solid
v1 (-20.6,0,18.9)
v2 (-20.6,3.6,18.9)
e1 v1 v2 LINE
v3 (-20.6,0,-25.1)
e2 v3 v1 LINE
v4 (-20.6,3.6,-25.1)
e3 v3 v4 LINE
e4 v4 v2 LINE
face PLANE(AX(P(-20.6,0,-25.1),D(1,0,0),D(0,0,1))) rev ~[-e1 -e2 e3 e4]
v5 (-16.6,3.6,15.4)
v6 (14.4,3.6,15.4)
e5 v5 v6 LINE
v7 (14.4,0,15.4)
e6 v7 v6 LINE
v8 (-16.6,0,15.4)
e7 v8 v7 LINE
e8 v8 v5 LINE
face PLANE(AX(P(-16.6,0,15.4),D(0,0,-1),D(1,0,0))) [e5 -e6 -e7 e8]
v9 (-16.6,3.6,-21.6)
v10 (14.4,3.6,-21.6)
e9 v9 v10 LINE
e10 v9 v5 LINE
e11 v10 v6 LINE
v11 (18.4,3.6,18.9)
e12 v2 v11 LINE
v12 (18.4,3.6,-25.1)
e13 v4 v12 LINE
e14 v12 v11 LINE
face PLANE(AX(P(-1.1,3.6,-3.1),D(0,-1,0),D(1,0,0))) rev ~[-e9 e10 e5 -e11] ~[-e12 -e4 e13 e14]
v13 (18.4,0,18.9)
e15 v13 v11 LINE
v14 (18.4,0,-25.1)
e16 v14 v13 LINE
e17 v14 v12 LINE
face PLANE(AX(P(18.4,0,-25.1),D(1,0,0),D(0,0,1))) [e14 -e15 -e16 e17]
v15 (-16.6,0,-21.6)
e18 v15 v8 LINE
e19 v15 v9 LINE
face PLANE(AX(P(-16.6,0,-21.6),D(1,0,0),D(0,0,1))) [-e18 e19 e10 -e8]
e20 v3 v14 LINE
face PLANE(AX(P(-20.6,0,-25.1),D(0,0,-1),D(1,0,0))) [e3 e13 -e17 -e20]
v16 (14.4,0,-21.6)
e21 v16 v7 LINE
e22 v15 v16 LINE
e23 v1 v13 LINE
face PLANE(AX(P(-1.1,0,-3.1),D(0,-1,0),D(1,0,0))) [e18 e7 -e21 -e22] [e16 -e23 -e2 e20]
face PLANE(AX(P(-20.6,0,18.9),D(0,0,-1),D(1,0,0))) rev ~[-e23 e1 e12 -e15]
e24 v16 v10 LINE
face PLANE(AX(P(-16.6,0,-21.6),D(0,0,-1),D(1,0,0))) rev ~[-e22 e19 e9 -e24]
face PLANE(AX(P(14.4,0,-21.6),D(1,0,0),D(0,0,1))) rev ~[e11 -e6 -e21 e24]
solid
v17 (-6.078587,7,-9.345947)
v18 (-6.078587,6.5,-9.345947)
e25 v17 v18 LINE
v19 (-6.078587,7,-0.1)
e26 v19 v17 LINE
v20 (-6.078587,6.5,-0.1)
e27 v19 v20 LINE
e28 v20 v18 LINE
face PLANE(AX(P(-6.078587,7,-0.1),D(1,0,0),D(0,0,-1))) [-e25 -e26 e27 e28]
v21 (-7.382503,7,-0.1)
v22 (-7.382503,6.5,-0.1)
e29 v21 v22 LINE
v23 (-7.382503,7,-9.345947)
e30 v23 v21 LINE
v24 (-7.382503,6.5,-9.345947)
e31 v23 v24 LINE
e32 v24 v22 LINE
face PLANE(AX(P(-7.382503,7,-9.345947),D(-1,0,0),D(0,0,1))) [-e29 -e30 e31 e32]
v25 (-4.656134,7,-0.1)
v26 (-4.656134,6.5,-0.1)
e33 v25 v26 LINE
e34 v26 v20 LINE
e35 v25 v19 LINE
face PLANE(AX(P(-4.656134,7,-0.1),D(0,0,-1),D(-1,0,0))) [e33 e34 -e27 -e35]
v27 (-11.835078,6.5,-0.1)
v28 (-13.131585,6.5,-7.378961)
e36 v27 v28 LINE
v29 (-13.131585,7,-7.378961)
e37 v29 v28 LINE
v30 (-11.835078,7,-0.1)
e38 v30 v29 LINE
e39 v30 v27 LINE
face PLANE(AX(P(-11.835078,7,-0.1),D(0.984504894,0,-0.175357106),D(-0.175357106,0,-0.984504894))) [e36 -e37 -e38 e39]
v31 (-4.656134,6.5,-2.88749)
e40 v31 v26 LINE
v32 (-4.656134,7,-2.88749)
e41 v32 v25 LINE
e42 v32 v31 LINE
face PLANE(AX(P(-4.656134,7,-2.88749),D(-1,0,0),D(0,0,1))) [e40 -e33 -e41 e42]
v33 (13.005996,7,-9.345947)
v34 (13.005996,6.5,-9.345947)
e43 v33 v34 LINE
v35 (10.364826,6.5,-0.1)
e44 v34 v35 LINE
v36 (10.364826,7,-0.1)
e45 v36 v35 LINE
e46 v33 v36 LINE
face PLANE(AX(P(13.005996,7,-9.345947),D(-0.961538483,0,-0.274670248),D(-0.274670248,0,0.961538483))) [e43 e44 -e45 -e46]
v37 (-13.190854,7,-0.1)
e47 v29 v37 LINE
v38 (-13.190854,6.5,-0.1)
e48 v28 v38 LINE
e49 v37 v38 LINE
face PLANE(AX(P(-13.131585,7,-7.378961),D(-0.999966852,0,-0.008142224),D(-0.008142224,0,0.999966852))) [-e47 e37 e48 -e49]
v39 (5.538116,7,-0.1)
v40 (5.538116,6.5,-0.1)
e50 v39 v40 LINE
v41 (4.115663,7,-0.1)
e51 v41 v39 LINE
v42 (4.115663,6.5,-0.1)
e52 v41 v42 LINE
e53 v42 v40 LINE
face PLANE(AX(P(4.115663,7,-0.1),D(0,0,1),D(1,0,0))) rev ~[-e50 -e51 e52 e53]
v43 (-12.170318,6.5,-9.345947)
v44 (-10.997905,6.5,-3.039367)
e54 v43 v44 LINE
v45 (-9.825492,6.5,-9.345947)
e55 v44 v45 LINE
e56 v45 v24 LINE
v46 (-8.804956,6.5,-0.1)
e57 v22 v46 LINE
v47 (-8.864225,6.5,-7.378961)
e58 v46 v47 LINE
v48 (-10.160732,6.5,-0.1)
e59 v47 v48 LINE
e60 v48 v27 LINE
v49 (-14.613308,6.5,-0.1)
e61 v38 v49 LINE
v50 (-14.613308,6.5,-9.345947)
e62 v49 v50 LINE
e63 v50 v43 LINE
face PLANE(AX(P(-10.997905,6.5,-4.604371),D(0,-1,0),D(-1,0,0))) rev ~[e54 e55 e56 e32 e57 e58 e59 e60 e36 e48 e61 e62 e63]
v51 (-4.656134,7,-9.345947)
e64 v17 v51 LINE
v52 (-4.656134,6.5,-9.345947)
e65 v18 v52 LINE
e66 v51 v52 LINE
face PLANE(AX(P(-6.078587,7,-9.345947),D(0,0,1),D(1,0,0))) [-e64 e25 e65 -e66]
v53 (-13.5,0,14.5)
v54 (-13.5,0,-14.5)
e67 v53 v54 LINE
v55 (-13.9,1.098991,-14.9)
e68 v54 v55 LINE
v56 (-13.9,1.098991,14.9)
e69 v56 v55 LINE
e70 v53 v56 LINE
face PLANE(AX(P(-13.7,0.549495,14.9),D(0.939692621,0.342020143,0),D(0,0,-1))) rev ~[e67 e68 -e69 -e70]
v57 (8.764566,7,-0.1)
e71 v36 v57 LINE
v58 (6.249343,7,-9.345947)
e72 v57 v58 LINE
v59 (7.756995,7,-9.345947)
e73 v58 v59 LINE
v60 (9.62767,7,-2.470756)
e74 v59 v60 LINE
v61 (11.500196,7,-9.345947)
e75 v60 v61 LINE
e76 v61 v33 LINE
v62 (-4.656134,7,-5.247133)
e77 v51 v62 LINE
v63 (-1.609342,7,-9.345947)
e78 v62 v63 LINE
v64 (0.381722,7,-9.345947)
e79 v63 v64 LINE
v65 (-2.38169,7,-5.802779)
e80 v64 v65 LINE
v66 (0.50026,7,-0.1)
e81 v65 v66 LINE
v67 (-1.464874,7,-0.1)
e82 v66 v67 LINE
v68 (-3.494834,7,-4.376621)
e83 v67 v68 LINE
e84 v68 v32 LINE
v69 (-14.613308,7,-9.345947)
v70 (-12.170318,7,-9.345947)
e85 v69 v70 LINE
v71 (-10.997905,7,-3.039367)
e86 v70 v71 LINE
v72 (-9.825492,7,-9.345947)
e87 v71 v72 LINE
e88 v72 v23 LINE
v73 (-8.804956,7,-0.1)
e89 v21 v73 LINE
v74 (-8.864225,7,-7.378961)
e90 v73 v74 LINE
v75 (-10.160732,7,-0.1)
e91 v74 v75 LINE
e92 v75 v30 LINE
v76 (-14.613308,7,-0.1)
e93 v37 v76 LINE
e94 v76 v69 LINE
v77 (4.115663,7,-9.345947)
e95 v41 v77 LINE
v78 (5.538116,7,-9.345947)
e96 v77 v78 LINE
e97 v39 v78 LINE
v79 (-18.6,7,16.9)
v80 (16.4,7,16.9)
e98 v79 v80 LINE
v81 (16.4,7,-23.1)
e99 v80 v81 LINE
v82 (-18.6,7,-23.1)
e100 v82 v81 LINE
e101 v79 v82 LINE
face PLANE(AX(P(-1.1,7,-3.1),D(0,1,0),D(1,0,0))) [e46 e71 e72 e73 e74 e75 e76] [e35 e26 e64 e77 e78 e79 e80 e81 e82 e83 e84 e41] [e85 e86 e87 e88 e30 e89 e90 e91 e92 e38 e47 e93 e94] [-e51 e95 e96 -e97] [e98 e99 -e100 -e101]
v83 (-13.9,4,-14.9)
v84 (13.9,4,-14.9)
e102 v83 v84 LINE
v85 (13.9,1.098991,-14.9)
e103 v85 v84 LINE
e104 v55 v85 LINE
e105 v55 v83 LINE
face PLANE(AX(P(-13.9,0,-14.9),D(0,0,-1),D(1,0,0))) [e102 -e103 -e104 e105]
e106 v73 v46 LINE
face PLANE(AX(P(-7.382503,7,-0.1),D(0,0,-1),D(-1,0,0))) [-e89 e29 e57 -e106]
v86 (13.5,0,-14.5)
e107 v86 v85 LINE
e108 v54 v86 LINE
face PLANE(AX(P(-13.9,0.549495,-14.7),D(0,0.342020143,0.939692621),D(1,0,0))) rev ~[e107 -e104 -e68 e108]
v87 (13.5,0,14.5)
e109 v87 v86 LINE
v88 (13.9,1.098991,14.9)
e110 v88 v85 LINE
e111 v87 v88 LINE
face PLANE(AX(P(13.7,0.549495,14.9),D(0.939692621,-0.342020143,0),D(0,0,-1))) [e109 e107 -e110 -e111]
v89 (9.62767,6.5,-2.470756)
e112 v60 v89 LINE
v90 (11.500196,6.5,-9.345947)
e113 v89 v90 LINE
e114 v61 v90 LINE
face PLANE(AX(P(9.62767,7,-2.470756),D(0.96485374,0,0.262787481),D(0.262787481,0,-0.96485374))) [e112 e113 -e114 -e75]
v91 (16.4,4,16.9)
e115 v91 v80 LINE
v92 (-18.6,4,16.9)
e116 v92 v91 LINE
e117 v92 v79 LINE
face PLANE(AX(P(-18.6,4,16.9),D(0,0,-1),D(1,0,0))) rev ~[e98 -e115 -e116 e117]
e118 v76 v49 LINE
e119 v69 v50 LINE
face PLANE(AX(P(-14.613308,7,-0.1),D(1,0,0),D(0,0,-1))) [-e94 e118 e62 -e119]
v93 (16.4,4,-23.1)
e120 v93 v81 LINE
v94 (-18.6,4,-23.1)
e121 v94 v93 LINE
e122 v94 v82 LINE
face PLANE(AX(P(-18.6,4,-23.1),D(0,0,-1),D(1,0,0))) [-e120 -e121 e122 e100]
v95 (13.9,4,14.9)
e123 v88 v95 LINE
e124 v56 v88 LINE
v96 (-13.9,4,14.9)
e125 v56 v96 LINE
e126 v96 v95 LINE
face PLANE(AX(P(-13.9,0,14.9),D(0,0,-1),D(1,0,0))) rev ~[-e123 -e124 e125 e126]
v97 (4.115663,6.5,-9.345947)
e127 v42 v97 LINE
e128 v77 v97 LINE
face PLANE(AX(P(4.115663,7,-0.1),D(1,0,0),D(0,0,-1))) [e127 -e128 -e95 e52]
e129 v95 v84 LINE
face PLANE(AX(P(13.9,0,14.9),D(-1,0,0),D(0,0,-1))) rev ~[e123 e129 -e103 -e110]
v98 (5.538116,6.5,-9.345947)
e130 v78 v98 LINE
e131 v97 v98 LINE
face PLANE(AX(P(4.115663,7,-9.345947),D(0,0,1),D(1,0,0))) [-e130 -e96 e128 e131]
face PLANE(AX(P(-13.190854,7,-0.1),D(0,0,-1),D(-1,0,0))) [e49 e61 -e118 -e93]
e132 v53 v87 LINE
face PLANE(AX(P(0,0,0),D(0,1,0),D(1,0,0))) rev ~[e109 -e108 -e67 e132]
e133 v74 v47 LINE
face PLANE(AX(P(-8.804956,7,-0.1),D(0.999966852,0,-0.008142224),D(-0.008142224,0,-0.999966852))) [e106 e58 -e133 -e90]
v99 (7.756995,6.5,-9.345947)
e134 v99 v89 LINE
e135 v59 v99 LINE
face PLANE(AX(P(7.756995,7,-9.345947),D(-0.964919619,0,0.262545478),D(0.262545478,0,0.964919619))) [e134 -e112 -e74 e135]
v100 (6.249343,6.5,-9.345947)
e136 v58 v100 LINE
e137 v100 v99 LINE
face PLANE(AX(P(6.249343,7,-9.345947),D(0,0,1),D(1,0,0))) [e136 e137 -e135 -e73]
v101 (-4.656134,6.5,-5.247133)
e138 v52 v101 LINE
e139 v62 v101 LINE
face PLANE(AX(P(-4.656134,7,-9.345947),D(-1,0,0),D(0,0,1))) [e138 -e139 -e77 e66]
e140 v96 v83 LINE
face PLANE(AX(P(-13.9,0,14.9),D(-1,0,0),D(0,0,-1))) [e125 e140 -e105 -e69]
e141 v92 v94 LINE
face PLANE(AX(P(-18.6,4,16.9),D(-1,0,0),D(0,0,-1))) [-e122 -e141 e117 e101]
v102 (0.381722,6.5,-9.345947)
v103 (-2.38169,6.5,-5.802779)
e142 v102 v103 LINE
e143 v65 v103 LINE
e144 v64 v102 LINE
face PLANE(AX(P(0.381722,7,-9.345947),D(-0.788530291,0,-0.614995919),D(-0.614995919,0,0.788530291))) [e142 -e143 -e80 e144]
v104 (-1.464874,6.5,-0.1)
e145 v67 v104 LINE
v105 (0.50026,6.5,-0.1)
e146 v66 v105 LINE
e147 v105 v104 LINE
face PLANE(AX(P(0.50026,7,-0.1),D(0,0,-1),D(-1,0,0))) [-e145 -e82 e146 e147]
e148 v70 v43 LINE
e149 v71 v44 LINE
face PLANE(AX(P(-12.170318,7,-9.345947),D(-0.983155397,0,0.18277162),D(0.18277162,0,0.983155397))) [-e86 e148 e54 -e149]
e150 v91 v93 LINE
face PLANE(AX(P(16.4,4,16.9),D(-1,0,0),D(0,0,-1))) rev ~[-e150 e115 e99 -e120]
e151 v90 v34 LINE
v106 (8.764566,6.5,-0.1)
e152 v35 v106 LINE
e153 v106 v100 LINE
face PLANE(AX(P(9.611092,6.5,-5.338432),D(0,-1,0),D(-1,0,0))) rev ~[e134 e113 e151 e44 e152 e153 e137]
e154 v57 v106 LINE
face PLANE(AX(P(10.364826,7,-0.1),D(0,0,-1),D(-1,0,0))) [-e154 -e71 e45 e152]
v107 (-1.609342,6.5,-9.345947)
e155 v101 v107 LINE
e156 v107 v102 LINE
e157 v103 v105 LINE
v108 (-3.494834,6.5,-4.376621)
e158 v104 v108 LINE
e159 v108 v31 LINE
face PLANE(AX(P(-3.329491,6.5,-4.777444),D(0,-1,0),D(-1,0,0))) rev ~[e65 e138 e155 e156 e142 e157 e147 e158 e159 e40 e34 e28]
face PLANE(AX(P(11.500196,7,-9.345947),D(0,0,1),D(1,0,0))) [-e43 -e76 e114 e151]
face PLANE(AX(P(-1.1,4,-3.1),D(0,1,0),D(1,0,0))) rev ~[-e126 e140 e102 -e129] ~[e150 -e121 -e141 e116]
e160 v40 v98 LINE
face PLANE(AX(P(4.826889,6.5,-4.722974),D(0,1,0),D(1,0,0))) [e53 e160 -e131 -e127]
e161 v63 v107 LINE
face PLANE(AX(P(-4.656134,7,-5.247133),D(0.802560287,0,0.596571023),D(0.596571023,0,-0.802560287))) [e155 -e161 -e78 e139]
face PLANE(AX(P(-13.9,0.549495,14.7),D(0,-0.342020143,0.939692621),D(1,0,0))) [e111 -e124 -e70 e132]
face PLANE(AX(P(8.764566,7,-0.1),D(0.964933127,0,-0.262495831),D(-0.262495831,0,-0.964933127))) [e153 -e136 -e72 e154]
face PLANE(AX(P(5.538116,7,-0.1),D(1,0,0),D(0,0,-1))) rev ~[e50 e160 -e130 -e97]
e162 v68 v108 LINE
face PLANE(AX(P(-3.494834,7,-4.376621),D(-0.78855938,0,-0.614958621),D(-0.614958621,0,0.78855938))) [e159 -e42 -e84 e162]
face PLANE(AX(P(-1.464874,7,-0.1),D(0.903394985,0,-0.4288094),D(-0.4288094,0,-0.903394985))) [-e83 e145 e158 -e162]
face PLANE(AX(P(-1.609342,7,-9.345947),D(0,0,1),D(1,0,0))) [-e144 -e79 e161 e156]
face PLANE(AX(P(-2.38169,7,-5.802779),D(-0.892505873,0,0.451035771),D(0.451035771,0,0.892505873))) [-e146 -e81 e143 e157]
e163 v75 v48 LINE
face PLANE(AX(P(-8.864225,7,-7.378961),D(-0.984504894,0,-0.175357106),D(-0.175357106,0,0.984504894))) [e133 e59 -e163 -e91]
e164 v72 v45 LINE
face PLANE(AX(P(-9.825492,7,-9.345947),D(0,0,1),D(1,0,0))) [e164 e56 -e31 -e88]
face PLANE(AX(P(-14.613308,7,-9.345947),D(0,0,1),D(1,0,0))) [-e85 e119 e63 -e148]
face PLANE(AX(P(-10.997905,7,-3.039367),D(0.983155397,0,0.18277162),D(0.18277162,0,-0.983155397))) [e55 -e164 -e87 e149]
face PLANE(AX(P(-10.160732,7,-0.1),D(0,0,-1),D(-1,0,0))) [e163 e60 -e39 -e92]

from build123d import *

# Parameters (mm, degrees)
SKETCH1_W           = 27.8
SKETCH1_H           = 29.8
BOSS_EXTRUDE1_DEPTH = 4
SKETCH2_W           = 35
SKETCH2_H           = 40
BOSS_EXTRUDE2_DEPTH = 3
CHAMFER1_SIZE       = 0.4
CHAMFER1_SIZE2      = 1.098990968
SKETCH4_W           = 39
SKETCH4_H           = 44
SKETCH4_W_2         = 31
SKETCH4_H_2         = 37
BOSS_EXTRUDE4_DEPTH = 3.6
SKETCH3_W           = 1.422453426
SKETCH3_H           = 9.245947266
CUT_EXTRUDE1_DEPTH  = 0.5


with BuildPart() as part:
    # Sketch1 → Boss-Extrude1 (new body)
    with BuildSketch(Plane(origin=(0, 0, 0), x_dir=(1, 0, 0), z_dir=(0, 1, 0))):
        Rectangle(SKETCH1_W, SKETCH1_H)
    extrude(amount=BOSS_EXTRUDE1_DEPTH)

    # Sketch2 → Boss-Extrude2 (add)
    with BuildSketch(Plane(origin=(0, 4, 0), x_dir=(1, 0, 0), z_dir=(0, 1, 0))):
        with Locations((-1.1, 3.1)):
            Rectangle(SKETCH2_W, SKETCH2_H)
    extrude(amount=BOSS_EXTRUDE2_DEPTH)

    # Chamfer1
    chamfer1_edges = [part.edges().sort_by_distance(p)[0] for p in [
        (0, 0, -14.9),
        (13.9, 0, 0),
        (0, 0, 14.9),
        (-13.9, 0, 0),
    ]]
    chamfer1_side = [part.faces().sort_by_distance(p)[0] for p in [
        (0, 0, 0),
    ]]
    chamfer(chamfer1_edges, length=CHAMFER1_SIZE, length2=CHAMFER1_SIZE2, reference=chamfer1_side[0])

    # Sketch3 → Cut-Extrude1 (cut)
    with BuildSketch(Plane(origin=(0, 7, 0), x_dir=(1, 0, 0), z_dir=(0, 1, 0))):
        Polygon((-14.613307542, 0.1), (-14.613307542, 9.345947266), (-12.17031787, 9.345947266), (-10.997905086, 3.039366649), (-9.825492301, 9.345947266), (-7.382502629, 9.345947266), (-7.382502629, 0.1), (-8.804956055, 0.1), (-8.864224947, 7.378960888), (-10.160731976, 0.1), (-11.835078195, 0.1), (-13.131585224, 7.378960888), (-13.190854117, 0.1), align=None)
        Polygon((-6.078586989, 0.1), (-6.078586989, 9.345947266), (-4.656133564, 9.345947266), (-4.656133564, 5.247132903), (-1.609342047, 9.345947266), (0.381722318, 9.345947266), (-2.381689805, 5.802778772), (0.500260104, 0.1), (-1.464874121, 0.1), (-3.494833697, 4.376621041), (-4.656133564, 2.887490111), (-4.656133564, 0.1), align=None)
        with Locations((4.826889273, 4.722973633)):
            Rectangle(SKETCH3_W, SKETCH3_H)
        Polygon((8.764566333, 0.1), (6.249342698, 9.345947266), (7.756995157, 9.345947266), (9.627669584, 2.470755709), (11.500196163, 9.345947266), (13.005996469, 9.345947266), (10.364826437, 0.1), align=None)
    extrude(amount=-CUT_EXTRUDE1_DEPTH, mode=Mode.SUBTRACT)


with BuildPart() as body_2:
    # Sketch4 → Boss-Extrude4 (new body)
    with BuildSketch(Plane.XZ):
        with Locations((-1.1, -3.1)):
            Rectangle(SKETCH4_W, SKETCH4_H)
        with Locations((-1.1, -3.1)):
            Rectangle(SKETCH4_W_2, SKETCH4_H_2, mode=Mode.SUBTRACT)
    extrude(amount=-BOSS_EXTRUDE4_DEPTH)


solid = Compound([part.part, body_2.part])
